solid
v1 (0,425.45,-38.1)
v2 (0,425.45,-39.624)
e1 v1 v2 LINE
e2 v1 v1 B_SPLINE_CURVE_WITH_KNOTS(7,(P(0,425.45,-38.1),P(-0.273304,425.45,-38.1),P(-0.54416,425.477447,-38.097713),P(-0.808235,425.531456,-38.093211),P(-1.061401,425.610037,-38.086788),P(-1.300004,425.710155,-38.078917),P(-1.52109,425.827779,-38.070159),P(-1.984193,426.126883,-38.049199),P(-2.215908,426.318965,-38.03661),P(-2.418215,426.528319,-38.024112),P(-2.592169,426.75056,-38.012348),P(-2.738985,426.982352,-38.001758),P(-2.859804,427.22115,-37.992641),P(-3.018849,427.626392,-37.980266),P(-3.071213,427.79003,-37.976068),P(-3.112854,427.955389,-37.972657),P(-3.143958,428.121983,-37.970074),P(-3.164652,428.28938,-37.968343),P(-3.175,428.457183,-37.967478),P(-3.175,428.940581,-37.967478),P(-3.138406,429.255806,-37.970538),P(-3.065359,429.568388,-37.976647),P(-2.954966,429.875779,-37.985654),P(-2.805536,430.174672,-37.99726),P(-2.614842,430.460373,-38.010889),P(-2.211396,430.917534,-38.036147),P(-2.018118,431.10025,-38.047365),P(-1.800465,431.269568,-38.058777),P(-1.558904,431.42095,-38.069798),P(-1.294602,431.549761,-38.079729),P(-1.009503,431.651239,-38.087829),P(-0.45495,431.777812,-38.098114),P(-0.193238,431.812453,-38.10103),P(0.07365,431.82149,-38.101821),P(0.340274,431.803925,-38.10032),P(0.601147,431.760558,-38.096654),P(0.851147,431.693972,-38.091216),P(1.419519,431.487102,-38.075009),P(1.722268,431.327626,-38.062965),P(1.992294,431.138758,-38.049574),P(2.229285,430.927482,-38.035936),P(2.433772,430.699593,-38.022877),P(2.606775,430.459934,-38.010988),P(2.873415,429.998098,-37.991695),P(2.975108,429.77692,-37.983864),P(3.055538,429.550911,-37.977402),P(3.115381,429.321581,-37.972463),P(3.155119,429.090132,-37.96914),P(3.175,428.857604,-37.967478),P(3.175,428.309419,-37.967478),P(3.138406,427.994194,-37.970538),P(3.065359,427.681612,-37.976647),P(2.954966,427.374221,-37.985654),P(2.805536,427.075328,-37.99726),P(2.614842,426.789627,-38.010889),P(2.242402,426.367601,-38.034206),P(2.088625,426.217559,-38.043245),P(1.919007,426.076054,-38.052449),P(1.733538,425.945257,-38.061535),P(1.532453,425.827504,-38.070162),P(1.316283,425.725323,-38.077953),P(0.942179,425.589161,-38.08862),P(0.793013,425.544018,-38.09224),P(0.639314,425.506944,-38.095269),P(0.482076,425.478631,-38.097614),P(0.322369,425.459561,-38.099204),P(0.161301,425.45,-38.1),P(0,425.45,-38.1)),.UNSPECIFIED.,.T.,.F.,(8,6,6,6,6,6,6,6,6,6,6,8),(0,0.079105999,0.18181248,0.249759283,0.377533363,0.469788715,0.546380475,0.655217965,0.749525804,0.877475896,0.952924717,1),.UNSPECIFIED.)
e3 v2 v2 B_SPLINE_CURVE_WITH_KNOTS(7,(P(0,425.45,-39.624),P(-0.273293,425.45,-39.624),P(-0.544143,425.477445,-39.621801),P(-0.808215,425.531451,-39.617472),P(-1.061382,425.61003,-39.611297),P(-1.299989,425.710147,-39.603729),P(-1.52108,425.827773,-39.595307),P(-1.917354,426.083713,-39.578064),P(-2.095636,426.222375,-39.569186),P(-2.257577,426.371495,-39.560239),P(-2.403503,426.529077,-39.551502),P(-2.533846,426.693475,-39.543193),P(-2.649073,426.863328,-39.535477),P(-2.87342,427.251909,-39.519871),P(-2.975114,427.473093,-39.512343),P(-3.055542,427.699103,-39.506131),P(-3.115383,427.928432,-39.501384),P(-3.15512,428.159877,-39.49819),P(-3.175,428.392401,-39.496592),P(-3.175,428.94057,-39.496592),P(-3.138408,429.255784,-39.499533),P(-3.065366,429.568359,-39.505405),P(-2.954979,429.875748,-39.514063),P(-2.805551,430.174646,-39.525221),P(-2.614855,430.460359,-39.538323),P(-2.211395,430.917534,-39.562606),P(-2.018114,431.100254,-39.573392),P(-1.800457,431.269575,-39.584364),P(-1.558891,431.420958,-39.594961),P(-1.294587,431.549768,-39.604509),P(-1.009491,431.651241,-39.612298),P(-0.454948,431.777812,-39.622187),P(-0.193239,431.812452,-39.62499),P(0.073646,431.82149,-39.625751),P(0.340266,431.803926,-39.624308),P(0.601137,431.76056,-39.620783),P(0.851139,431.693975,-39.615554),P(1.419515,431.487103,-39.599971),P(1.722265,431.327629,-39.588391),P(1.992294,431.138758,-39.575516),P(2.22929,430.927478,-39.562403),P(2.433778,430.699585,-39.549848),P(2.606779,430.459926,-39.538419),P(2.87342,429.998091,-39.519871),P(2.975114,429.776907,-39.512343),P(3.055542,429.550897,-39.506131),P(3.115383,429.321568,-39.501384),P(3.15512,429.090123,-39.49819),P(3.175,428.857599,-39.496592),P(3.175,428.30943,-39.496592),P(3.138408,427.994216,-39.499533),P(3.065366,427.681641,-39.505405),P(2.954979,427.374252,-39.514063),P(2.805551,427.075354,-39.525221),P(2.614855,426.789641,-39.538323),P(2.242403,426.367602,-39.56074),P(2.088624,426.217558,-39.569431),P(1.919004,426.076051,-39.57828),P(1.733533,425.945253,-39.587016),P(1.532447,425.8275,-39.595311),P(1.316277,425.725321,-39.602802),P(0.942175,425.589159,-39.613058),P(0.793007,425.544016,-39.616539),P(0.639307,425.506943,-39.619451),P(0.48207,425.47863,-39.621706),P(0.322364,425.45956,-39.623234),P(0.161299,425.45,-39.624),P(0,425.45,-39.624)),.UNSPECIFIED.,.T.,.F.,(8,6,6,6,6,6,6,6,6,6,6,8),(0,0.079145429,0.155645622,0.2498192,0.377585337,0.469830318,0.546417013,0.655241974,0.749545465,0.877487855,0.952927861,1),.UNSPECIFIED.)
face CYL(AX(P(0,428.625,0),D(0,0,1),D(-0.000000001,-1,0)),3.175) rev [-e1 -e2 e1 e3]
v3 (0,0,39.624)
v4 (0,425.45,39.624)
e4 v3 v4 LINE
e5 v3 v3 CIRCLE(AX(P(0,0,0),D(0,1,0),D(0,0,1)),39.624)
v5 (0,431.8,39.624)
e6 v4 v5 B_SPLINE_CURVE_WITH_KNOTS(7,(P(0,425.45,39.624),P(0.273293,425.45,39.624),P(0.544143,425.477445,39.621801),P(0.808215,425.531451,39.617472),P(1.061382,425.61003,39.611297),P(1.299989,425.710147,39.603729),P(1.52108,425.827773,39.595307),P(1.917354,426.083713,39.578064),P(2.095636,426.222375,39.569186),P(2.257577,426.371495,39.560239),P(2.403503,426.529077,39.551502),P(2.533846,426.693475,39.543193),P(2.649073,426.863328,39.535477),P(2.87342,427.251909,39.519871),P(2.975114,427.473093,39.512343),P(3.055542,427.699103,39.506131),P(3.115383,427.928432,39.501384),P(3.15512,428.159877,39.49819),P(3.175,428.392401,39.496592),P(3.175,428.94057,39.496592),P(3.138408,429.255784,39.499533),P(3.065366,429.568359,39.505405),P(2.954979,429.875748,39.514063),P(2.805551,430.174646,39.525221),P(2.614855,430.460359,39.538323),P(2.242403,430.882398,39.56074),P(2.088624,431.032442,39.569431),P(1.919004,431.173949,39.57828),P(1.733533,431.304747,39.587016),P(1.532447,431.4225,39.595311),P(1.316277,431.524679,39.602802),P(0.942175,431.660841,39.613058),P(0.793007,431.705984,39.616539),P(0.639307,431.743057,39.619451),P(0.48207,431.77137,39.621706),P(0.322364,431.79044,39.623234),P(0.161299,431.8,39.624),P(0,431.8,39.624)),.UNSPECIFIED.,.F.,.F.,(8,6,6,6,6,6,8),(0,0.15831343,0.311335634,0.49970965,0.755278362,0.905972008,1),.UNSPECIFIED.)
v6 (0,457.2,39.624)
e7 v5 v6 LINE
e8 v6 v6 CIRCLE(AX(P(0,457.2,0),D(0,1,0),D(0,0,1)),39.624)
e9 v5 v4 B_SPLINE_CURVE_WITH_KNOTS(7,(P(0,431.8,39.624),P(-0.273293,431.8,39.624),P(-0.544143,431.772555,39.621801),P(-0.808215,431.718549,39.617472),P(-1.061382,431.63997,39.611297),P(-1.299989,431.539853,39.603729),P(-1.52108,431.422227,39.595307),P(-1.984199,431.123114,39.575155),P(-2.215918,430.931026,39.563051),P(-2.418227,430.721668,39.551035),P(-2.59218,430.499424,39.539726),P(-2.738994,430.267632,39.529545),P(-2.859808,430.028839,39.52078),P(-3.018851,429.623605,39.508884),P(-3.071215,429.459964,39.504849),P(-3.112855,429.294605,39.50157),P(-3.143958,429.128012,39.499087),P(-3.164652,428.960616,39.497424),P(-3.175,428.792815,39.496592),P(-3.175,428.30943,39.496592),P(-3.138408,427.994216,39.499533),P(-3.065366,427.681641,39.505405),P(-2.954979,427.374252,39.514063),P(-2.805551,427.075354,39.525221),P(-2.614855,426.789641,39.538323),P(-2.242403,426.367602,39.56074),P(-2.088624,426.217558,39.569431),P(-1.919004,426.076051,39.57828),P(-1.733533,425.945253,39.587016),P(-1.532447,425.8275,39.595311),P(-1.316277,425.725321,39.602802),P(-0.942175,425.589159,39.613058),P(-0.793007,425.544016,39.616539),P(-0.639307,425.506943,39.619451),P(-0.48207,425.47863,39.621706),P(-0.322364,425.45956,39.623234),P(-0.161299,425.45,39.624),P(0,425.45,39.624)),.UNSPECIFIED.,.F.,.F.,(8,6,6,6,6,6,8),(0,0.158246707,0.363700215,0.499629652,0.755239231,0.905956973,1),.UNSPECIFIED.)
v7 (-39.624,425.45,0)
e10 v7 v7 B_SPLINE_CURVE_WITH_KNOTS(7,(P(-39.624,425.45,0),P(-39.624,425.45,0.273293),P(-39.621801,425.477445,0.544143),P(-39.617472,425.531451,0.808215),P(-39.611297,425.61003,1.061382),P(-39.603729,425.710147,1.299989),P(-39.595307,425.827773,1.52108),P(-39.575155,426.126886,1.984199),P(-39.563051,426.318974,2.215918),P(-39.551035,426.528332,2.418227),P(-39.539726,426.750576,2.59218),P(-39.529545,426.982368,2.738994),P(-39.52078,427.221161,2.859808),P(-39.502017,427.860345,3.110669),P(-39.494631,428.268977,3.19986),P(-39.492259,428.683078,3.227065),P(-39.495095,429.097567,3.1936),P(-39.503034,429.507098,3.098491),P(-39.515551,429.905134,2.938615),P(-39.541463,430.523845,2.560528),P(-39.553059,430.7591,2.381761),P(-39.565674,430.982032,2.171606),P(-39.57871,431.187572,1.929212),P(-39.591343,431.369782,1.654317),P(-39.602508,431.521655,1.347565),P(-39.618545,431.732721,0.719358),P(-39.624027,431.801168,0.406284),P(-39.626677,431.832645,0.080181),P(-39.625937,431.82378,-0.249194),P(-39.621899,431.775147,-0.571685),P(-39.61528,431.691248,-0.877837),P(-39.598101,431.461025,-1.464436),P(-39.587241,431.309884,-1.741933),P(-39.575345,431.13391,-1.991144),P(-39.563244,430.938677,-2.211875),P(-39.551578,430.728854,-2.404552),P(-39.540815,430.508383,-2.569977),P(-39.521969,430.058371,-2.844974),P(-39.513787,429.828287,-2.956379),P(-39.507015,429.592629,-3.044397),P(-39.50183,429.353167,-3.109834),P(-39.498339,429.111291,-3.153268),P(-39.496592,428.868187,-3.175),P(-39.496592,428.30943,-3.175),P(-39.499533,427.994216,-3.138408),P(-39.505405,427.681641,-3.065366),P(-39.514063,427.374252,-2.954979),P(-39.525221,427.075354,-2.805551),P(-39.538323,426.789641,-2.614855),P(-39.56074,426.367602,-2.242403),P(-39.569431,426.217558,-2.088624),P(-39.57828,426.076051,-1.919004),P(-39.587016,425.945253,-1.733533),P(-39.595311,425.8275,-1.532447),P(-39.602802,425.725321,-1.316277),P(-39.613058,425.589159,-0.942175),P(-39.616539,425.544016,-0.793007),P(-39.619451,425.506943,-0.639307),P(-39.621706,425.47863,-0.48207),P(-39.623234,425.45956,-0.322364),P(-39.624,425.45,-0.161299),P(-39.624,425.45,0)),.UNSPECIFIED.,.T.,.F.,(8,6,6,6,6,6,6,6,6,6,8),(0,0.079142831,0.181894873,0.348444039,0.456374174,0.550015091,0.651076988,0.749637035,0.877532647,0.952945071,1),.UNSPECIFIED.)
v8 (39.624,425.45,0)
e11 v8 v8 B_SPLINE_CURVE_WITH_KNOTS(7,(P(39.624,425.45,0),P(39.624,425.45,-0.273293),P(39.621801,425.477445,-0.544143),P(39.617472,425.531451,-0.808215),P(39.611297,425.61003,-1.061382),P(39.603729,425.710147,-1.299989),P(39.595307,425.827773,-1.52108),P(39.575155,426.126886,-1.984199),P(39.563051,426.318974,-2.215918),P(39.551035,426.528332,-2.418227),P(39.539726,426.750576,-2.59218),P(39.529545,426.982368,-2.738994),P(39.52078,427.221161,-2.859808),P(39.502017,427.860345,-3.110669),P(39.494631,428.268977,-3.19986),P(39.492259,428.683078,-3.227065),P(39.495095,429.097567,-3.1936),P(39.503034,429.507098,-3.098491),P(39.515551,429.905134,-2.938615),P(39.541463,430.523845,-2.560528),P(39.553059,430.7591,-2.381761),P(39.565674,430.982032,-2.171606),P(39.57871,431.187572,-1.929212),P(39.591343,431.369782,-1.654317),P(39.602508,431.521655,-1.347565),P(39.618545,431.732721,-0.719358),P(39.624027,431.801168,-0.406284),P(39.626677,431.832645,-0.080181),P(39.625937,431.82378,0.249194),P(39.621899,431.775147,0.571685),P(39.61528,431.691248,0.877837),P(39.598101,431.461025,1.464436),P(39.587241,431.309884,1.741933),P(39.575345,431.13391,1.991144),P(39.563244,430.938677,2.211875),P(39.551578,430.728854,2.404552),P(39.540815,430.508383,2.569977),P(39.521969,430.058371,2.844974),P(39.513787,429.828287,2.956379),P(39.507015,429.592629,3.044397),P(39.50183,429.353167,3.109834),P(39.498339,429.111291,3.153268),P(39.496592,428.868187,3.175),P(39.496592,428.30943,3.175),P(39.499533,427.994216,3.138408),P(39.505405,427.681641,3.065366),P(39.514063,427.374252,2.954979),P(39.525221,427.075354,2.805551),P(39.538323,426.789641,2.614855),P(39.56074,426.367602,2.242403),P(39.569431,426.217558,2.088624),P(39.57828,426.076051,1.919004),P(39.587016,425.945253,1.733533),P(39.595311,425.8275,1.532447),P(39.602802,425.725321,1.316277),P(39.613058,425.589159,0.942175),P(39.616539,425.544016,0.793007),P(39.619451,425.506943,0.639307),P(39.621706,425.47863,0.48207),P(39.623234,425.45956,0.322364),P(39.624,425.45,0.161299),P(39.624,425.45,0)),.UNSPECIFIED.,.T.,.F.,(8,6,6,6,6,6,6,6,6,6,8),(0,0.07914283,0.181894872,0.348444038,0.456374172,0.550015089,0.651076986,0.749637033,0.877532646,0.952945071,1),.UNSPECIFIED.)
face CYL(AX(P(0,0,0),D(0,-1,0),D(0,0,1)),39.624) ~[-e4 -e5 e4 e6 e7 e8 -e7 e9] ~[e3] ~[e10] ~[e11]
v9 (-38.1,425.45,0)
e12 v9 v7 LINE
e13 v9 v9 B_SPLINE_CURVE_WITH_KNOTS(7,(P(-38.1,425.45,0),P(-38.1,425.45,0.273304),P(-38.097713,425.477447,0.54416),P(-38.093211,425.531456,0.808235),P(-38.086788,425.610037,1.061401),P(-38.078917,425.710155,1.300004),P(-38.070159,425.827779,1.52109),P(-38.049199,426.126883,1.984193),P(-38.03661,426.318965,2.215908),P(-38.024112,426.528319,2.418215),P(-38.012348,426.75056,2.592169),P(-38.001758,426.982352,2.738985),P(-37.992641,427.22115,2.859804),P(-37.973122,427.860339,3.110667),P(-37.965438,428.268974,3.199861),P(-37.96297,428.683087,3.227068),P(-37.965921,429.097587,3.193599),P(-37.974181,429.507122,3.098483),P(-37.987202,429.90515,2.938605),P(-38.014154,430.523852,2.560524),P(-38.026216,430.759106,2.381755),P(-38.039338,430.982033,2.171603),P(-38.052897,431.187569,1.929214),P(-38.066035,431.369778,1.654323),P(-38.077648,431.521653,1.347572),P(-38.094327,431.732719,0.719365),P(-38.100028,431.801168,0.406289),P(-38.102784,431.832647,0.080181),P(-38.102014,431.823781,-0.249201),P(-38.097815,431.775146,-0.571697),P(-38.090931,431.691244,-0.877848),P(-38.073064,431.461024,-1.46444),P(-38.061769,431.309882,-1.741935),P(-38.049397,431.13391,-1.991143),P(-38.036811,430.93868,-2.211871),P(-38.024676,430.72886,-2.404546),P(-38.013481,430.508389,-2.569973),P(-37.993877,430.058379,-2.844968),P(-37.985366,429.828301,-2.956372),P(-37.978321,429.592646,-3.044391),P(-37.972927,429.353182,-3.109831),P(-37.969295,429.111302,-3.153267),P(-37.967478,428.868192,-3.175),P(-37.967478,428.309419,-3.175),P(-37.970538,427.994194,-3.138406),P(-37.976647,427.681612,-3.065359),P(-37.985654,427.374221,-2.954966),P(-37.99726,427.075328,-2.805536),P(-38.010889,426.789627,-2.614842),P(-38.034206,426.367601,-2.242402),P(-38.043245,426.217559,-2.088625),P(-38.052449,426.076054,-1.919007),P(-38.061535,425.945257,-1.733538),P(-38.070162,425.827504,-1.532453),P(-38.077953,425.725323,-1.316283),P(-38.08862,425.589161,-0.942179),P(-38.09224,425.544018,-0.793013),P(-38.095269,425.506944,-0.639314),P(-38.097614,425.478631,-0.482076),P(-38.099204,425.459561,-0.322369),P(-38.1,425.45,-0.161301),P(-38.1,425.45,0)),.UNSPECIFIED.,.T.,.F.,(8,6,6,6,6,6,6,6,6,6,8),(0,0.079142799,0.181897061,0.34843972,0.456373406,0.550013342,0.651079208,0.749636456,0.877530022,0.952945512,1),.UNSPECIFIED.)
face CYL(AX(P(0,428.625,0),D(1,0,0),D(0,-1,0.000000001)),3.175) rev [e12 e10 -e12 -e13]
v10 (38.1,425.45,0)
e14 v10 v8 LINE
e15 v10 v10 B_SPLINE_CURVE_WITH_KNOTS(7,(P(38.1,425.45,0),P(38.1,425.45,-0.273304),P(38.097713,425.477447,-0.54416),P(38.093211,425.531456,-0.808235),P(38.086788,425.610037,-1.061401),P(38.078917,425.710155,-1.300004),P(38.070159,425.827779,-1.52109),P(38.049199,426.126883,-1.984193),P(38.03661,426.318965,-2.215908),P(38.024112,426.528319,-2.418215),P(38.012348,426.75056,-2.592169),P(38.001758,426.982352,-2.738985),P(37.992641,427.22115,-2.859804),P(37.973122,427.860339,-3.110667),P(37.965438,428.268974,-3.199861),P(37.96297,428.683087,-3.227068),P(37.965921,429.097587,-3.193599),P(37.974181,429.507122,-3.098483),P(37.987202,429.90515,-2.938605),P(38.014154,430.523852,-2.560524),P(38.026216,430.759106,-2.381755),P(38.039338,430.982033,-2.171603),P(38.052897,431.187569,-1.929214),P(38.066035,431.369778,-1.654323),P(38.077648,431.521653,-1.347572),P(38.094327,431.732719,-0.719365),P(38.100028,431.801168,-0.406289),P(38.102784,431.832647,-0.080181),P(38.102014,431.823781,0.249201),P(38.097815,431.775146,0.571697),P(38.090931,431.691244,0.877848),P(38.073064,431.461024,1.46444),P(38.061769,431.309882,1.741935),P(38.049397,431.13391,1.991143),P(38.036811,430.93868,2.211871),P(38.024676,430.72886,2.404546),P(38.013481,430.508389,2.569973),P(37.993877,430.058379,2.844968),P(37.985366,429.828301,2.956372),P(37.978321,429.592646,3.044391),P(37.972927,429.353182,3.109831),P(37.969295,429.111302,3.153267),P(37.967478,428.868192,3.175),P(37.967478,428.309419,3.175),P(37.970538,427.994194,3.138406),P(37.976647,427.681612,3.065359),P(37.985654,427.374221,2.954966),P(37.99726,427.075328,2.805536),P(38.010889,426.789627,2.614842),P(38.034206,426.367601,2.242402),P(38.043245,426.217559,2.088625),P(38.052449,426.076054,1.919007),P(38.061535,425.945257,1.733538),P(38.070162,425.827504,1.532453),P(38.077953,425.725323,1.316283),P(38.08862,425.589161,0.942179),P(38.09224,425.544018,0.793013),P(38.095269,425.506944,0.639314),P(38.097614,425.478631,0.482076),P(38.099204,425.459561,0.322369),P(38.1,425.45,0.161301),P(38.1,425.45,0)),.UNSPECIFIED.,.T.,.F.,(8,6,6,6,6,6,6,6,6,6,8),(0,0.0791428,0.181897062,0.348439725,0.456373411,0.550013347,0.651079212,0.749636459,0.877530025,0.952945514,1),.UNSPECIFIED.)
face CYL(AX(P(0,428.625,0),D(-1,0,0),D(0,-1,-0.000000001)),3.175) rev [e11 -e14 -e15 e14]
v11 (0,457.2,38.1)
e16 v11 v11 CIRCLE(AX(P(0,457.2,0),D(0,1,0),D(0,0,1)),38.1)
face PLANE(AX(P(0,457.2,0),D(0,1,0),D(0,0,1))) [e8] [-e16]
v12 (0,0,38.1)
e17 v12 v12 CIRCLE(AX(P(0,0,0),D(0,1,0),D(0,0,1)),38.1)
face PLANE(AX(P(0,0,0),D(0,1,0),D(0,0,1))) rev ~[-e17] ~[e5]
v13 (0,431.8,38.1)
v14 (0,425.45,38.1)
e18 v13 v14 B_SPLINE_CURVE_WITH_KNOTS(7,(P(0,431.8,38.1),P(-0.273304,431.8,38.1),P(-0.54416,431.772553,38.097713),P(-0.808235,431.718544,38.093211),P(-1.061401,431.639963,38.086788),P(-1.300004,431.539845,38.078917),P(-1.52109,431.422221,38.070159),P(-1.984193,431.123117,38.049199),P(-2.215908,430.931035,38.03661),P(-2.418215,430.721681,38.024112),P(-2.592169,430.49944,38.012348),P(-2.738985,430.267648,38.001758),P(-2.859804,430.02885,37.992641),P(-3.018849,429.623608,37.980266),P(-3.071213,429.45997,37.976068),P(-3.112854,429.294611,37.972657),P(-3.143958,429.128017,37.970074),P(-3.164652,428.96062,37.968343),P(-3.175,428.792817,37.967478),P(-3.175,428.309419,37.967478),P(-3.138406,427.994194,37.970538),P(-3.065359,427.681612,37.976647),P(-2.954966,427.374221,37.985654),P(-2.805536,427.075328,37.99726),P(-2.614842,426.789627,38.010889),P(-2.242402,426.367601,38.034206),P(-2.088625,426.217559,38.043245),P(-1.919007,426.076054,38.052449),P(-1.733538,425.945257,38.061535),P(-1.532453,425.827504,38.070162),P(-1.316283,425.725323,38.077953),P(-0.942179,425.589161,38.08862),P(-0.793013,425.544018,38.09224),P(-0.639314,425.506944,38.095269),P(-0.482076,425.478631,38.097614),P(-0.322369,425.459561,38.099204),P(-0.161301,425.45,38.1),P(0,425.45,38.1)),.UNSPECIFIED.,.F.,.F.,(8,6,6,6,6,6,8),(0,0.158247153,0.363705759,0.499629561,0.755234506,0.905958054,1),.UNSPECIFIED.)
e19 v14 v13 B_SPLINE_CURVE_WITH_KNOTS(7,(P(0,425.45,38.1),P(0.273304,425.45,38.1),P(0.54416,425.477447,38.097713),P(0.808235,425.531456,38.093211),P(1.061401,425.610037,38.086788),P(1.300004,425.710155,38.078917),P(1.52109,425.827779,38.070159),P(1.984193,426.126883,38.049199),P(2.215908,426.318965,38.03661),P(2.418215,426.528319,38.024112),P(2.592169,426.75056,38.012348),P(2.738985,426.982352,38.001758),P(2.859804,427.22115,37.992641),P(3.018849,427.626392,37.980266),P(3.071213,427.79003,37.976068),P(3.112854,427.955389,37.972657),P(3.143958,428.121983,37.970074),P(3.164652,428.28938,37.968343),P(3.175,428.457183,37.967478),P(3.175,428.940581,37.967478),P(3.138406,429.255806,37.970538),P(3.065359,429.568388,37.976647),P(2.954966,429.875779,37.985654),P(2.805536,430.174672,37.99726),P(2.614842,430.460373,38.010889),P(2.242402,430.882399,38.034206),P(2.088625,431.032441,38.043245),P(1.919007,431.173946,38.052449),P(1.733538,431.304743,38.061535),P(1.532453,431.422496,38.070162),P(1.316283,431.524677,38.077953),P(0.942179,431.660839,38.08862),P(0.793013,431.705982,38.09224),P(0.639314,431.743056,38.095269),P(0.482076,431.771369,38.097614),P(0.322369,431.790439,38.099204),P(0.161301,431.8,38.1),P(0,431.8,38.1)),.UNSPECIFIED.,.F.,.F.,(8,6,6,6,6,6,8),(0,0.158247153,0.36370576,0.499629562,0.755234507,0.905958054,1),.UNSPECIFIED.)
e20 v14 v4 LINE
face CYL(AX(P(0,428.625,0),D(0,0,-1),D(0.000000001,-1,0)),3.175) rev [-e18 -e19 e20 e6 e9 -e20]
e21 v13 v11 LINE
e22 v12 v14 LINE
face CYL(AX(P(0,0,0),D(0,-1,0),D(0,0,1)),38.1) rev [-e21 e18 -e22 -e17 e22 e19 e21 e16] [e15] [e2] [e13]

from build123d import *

# Parameters (mm, degrees)
SKETCH1_R           = 39.624
SKETCH1_R_2         = 38.1
BOSS_EXTRUDE1_DEPTH = 457.2
SKETCH2_R           = 3.175
CUT_EXTRUDE1_DEPTH  = 461.621279092
CIRPATTERN1_COUNT   = 4


with BuildPart() as part:
    # Sketch1 → Boss-Extrude1 (new body)
    with BuildSketch(Plane(origin=(0, 0, 0), x_dir=(1, 0, 0), z_dir=(0, 1, 0))):
        with Locations(Location((0, 0, 0), (0, 0, 270))):
            Circle(SKETCH1_R)
        with Locations(Location((0, 0, 0), (0, 0, 270))):
            Circle(SKETCH1_R_2, mode=Mode.SUBTRACT)
    extrude(amount=BOSS_EXTRUDE1_DEPTH)

    # Sketch2 → Cut-Extrude1 (cut, through all)
    with BuildSketch(Plane.XY):
        with Locations(Location((0, 428.625, 0), (0, 0, 270.000000034))):
            Circle(SKETCH2_R)
    cut_extrude1 = extrude(amount=CUT_EXTRUDE1_DEPTH, mode=Mode.SUBTRACT)

    # CirPattern1: Cut-Extrude1 ×4 about axis
    cirpattern1_axis = Axis((0, 457.2, 0), (0, -1, 0))
    for i in range(1, CIRPATTERN1_COUNT):
        add(cut_extrude1.rotate(cirpattern1_axis, i * 360 / CIRPATTERN1_COUNT), mode=Mode.SUBTRACT)


solid = part.part
